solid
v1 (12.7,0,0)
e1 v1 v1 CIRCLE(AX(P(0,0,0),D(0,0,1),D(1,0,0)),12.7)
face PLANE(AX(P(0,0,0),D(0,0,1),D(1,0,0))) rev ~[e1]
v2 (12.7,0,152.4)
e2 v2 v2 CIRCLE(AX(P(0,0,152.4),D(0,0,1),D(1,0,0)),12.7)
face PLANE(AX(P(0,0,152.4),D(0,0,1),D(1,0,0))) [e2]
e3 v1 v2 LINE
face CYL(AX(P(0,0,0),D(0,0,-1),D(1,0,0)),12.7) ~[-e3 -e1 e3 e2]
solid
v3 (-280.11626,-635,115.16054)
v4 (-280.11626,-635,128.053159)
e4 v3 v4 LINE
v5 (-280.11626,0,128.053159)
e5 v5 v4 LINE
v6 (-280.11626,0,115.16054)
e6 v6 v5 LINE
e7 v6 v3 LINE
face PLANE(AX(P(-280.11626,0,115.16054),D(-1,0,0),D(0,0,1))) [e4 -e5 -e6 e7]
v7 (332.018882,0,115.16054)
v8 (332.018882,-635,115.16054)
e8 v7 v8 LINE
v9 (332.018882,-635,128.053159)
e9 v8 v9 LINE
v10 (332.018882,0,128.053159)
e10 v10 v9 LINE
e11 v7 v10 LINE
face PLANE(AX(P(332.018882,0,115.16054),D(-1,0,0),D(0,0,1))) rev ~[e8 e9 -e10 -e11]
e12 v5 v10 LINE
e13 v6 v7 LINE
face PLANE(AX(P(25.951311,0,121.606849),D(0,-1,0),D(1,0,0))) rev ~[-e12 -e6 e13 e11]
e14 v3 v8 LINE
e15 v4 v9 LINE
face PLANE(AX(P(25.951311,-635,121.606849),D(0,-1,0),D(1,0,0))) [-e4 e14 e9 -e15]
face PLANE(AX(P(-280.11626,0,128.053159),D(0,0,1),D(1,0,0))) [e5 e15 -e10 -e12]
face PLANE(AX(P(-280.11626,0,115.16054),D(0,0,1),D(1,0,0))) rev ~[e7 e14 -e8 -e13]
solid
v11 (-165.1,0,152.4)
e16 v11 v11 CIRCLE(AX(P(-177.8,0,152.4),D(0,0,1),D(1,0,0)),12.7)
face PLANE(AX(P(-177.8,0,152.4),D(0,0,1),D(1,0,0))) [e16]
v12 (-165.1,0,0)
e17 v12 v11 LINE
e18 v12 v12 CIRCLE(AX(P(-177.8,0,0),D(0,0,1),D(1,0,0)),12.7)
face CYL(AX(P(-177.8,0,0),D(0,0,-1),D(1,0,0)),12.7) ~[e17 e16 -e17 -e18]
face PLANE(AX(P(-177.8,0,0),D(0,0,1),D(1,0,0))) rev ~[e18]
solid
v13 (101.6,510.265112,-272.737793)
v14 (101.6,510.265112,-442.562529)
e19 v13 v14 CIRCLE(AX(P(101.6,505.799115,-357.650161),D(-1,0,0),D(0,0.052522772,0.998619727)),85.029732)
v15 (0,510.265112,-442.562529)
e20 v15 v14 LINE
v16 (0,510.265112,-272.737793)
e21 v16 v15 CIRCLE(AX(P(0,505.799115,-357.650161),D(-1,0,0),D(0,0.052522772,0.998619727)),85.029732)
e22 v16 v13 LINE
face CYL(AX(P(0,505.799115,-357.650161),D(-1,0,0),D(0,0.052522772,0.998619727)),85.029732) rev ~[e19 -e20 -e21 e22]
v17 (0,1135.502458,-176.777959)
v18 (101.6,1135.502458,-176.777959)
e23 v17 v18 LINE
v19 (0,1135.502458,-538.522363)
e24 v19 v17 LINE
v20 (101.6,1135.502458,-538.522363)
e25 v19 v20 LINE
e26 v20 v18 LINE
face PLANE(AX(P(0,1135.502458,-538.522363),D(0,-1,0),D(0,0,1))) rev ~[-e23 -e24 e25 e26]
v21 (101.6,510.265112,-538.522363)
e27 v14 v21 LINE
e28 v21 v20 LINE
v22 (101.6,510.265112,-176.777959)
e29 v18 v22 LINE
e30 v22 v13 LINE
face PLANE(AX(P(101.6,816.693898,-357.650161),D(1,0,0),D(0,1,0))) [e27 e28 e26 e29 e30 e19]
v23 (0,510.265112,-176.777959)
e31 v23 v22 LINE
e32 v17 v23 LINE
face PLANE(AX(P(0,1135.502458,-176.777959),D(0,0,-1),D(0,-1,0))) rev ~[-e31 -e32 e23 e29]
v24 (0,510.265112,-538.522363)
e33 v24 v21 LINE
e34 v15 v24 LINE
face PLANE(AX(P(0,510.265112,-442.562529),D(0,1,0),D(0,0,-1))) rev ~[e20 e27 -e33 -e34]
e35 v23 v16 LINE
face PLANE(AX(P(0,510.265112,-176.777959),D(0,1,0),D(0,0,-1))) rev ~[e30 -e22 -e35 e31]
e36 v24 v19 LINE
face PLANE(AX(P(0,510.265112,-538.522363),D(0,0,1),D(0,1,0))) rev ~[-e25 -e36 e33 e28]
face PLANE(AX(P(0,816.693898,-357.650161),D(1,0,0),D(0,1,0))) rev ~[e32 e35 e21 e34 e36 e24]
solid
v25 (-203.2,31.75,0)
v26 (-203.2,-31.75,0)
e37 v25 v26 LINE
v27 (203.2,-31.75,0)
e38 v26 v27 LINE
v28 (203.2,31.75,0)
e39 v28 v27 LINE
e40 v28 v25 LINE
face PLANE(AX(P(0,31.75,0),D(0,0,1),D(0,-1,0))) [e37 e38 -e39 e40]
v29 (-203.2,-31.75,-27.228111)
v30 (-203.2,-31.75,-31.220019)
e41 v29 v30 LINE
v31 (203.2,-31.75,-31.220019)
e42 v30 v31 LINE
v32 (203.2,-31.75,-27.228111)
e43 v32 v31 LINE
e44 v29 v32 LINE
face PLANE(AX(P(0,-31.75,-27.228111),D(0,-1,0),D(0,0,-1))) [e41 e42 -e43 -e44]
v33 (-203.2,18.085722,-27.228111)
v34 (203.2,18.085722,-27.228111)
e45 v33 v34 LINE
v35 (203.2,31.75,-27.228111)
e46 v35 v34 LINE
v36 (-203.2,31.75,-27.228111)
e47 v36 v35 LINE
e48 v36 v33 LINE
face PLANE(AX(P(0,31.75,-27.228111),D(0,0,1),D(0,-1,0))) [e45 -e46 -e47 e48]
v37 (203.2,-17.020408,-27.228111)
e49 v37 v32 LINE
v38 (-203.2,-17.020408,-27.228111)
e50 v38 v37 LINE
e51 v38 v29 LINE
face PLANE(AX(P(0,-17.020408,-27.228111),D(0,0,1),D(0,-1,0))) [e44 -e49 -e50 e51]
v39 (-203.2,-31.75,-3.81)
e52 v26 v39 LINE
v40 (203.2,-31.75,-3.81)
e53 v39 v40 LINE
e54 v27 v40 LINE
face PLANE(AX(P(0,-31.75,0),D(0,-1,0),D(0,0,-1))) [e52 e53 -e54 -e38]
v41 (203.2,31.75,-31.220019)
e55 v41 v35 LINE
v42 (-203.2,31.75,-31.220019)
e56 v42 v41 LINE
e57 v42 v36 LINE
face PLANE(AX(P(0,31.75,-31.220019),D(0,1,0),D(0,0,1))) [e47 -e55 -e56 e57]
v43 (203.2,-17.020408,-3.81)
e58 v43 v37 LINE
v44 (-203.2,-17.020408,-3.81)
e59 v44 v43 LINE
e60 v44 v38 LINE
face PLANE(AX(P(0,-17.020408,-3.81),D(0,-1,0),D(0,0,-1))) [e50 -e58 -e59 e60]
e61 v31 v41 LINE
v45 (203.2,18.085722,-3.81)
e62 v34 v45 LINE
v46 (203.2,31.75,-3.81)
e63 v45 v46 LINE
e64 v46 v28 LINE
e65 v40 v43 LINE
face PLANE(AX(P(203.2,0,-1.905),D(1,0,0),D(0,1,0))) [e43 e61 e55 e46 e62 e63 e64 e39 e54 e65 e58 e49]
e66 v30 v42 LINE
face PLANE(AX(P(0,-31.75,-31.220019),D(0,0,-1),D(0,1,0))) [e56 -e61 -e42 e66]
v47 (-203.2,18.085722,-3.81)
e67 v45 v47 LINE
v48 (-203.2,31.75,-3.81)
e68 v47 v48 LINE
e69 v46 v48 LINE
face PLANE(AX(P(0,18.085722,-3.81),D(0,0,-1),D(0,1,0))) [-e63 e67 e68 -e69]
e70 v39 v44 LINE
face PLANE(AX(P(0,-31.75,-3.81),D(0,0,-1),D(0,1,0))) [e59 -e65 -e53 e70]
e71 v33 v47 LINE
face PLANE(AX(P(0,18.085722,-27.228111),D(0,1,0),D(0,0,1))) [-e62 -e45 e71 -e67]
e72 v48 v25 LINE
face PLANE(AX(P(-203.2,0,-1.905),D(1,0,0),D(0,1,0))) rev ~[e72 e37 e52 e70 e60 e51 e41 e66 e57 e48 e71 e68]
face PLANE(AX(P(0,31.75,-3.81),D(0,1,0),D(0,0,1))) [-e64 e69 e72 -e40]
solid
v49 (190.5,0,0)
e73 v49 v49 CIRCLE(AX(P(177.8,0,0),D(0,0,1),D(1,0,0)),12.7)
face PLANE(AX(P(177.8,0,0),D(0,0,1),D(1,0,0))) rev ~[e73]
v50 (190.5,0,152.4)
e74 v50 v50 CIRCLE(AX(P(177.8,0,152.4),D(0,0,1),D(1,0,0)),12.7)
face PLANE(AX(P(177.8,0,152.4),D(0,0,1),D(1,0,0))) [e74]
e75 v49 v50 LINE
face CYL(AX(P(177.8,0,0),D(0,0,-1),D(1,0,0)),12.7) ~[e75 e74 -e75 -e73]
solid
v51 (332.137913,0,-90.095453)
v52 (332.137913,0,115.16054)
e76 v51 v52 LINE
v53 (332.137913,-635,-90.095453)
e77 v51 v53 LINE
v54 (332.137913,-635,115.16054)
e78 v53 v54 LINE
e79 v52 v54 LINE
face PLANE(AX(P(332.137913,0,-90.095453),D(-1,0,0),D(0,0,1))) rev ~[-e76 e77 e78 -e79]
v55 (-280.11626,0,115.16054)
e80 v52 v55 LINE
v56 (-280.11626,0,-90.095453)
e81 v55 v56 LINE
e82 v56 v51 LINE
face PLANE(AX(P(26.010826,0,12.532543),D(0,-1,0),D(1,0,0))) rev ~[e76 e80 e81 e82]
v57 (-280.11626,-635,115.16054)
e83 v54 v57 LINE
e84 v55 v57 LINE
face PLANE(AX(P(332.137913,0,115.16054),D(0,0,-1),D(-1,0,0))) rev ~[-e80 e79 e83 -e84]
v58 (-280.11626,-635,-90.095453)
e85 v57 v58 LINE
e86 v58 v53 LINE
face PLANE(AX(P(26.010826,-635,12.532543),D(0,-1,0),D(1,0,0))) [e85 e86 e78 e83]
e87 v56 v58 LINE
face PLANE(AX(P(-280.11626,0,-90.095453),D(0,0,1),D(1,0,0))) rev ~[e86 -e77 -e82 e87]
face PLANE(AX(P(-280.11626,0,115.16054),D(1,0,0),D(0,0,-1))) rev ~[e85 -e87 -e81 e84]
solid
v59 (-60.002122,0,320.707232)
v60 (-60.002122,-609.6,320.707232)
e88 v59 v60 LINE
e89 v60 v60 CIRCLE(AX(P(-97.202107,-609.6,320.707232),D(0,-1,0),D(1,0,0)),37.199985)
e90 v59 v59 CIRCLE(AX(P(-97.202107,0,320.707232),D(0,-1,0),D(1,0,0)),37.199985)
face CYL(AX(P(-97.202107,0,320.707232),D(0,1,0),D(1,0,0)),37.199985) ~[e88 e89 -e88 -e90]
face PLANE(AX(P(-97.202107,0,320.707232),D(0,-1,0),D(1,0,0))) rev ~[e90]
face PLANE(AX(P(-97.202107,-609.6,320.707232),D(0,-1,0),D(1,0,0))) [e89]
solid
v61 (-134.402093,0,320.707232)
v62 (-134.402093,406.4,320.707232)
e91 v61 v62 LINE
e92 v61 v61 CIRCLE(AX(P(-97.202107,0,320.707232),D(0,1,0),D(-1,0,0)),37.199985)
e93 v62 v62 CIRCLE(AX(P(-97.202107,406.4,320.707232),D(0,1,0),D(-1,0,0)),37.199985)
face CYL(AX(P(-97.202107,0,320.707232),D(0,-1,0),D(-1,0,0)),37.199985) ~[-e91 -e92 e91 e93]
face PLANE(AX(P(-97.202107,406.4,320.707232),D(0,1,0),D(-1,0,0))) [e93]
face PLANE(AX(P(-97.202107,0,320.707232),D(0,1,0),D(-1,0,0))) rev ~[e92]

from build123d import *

# Parameters (mm, degrees)
F0_R      = 12.7
F1_DEPTH  = 152.4
F2_W      = 35.1061299443
F2_H      = 23.4181114012
F2_H_2    = 0.2155452967
F3_DEPTH  = 203.2
F4_R      = 37.1999854541
F5_DEPTH  = 609.6
F6_R      = 37.1999854541
F7_DEPTH  = 406.4
F9_DEPTH  = 635
F8_W      = 612.1351420879
F8_H      = 12.8926187754
F10_DEPTH = 635
F12_DEPTH = 101.6


with BuildPart() as f1:
    # F0 (on Top) → F1 (new body)
    with BuildSketch(Plane.XY):
        with Locations((-177.8, 0)):
            Circle(F0_R)
    extrude(amount=F1_DEPTH)


with BuildPart() as f1b:
    # F0 (on Top) → F1, piece 2 (new body)
    with BuildSketch(Plane.XY):
        with Locations((177.8, 0)):
            Circle(F0_R)
    extrude(amount=F1_DEPTH)


with BuildPart() as f1c:
    # F0 (on Top) → F1, piece 3 (new body)
    with BuildSketch(Plane.XY):
        Circle(F0_R)
    extrude(amount=F1_DEPTH)


with BuildPart() as f3:
    # F2 (on Right) → F3 (new body, symmetric)
    with BuildSketch(Plane.YZ):
        Polygon((31.75, 0), (-31.75, 0), (-31.75, -3.81), (-17.0204080641, -3.81), (18.0857218802, -3.81), (31.75, -3.81), align=None)
        with Locations((0.532656908, -15.5190557006)):
            Rectangle(F2_W, F2_H)
        with Locations((0.532656908, -27.3358840495)):
            Rectangle(F2_W, F2_H_2)
        Polygon((-17.0204080641, -27.4436566979), (-17.0204080641, -27.2281114012), (-31.75, -27.2281114012), (-31.75, -31.2200188637), (31.75, -31.2200188637), (31.75, -27.2281114012), (18.0857218802, -27.2281114012), (18.0857218802, -27.4436566979), align=None)
    extrude(amount=F3_DEPTH, both=True)


with BuildPart() as f5:
    # F4 (on Front) → F5 (new body)
    with BuildSketch(Plane.XZ):
        with Locations((-97.2021073103, 320.70723176)):
            Circle(F4_R)
    extrude(amount=F5_DEPTH)


with BuildPart() as f7:
    # F6 (on face) → F7 (new body)
    with BuildSketch(Plane(origin=(0, 0, 0), x_dir=(-1, 0, 0), z_dir=(0, 1, 0))):
        with Locations((97.2021073103, 320.70723176)):
            Circle(F6_R)
    extrude(amount=F7_DEPTH)


with BuildPart() as f9:
    # F8 (on Front) → F9 (new body)
    with BuildSketch(Plane.XZ):
        Polygon((332.1379125118, -90.0954529643), (332.1379125118, 115.1605397463), (332.0188820362, 115.1605397463), (-280.1162600517, 115.1605397463), (-280.1162600517, -90.0954529643), align=None)
    extrude(amount=F9_DEPTH)


with BuildPart() as f10:
    # F8 (on Front) → F10 (new body)
    with BuildSketch(Plane.XZ):
        with Locations((25.9513109922, 121.606849134)):
            Rectangle(F8_W, F8_H)
    extrude(amount=F10_DEPTH)


with BuildPart() as f12:
    # F11 (on Right) → F12 (new body)
    with BuildSketch(Plane.YZ):
        with BuildLine():
            Line((1135.5024576187, -176.7779588699), (510.2651119232, -176.7779588699))
            Line((510.2651119232, -176.7779588699), (510.2651119232, -272.7377929515))
            ThreePointArc((510.2651119232, -272.7377929515), (590.828846816, -357.6501607895), (510.2651119232, -442.5625286275))
            Line((510.2651119232, -442.5625286275), (510.2651119232, -538.522362709))
            Line((510.2651119232, -538.522362709), (1135.5024576187, -538.522362709))
            Line((1135.5024576187, -538.522362709), (1135.5024576187, -176.7779588699))
        make_face()
    extrude(amount=F12_DEPTH)


solid = Compound([f1.part, f1b.part, f1c.part, f3.part, f5.part, f7.part, f9.part, f10.part, f12.part])
